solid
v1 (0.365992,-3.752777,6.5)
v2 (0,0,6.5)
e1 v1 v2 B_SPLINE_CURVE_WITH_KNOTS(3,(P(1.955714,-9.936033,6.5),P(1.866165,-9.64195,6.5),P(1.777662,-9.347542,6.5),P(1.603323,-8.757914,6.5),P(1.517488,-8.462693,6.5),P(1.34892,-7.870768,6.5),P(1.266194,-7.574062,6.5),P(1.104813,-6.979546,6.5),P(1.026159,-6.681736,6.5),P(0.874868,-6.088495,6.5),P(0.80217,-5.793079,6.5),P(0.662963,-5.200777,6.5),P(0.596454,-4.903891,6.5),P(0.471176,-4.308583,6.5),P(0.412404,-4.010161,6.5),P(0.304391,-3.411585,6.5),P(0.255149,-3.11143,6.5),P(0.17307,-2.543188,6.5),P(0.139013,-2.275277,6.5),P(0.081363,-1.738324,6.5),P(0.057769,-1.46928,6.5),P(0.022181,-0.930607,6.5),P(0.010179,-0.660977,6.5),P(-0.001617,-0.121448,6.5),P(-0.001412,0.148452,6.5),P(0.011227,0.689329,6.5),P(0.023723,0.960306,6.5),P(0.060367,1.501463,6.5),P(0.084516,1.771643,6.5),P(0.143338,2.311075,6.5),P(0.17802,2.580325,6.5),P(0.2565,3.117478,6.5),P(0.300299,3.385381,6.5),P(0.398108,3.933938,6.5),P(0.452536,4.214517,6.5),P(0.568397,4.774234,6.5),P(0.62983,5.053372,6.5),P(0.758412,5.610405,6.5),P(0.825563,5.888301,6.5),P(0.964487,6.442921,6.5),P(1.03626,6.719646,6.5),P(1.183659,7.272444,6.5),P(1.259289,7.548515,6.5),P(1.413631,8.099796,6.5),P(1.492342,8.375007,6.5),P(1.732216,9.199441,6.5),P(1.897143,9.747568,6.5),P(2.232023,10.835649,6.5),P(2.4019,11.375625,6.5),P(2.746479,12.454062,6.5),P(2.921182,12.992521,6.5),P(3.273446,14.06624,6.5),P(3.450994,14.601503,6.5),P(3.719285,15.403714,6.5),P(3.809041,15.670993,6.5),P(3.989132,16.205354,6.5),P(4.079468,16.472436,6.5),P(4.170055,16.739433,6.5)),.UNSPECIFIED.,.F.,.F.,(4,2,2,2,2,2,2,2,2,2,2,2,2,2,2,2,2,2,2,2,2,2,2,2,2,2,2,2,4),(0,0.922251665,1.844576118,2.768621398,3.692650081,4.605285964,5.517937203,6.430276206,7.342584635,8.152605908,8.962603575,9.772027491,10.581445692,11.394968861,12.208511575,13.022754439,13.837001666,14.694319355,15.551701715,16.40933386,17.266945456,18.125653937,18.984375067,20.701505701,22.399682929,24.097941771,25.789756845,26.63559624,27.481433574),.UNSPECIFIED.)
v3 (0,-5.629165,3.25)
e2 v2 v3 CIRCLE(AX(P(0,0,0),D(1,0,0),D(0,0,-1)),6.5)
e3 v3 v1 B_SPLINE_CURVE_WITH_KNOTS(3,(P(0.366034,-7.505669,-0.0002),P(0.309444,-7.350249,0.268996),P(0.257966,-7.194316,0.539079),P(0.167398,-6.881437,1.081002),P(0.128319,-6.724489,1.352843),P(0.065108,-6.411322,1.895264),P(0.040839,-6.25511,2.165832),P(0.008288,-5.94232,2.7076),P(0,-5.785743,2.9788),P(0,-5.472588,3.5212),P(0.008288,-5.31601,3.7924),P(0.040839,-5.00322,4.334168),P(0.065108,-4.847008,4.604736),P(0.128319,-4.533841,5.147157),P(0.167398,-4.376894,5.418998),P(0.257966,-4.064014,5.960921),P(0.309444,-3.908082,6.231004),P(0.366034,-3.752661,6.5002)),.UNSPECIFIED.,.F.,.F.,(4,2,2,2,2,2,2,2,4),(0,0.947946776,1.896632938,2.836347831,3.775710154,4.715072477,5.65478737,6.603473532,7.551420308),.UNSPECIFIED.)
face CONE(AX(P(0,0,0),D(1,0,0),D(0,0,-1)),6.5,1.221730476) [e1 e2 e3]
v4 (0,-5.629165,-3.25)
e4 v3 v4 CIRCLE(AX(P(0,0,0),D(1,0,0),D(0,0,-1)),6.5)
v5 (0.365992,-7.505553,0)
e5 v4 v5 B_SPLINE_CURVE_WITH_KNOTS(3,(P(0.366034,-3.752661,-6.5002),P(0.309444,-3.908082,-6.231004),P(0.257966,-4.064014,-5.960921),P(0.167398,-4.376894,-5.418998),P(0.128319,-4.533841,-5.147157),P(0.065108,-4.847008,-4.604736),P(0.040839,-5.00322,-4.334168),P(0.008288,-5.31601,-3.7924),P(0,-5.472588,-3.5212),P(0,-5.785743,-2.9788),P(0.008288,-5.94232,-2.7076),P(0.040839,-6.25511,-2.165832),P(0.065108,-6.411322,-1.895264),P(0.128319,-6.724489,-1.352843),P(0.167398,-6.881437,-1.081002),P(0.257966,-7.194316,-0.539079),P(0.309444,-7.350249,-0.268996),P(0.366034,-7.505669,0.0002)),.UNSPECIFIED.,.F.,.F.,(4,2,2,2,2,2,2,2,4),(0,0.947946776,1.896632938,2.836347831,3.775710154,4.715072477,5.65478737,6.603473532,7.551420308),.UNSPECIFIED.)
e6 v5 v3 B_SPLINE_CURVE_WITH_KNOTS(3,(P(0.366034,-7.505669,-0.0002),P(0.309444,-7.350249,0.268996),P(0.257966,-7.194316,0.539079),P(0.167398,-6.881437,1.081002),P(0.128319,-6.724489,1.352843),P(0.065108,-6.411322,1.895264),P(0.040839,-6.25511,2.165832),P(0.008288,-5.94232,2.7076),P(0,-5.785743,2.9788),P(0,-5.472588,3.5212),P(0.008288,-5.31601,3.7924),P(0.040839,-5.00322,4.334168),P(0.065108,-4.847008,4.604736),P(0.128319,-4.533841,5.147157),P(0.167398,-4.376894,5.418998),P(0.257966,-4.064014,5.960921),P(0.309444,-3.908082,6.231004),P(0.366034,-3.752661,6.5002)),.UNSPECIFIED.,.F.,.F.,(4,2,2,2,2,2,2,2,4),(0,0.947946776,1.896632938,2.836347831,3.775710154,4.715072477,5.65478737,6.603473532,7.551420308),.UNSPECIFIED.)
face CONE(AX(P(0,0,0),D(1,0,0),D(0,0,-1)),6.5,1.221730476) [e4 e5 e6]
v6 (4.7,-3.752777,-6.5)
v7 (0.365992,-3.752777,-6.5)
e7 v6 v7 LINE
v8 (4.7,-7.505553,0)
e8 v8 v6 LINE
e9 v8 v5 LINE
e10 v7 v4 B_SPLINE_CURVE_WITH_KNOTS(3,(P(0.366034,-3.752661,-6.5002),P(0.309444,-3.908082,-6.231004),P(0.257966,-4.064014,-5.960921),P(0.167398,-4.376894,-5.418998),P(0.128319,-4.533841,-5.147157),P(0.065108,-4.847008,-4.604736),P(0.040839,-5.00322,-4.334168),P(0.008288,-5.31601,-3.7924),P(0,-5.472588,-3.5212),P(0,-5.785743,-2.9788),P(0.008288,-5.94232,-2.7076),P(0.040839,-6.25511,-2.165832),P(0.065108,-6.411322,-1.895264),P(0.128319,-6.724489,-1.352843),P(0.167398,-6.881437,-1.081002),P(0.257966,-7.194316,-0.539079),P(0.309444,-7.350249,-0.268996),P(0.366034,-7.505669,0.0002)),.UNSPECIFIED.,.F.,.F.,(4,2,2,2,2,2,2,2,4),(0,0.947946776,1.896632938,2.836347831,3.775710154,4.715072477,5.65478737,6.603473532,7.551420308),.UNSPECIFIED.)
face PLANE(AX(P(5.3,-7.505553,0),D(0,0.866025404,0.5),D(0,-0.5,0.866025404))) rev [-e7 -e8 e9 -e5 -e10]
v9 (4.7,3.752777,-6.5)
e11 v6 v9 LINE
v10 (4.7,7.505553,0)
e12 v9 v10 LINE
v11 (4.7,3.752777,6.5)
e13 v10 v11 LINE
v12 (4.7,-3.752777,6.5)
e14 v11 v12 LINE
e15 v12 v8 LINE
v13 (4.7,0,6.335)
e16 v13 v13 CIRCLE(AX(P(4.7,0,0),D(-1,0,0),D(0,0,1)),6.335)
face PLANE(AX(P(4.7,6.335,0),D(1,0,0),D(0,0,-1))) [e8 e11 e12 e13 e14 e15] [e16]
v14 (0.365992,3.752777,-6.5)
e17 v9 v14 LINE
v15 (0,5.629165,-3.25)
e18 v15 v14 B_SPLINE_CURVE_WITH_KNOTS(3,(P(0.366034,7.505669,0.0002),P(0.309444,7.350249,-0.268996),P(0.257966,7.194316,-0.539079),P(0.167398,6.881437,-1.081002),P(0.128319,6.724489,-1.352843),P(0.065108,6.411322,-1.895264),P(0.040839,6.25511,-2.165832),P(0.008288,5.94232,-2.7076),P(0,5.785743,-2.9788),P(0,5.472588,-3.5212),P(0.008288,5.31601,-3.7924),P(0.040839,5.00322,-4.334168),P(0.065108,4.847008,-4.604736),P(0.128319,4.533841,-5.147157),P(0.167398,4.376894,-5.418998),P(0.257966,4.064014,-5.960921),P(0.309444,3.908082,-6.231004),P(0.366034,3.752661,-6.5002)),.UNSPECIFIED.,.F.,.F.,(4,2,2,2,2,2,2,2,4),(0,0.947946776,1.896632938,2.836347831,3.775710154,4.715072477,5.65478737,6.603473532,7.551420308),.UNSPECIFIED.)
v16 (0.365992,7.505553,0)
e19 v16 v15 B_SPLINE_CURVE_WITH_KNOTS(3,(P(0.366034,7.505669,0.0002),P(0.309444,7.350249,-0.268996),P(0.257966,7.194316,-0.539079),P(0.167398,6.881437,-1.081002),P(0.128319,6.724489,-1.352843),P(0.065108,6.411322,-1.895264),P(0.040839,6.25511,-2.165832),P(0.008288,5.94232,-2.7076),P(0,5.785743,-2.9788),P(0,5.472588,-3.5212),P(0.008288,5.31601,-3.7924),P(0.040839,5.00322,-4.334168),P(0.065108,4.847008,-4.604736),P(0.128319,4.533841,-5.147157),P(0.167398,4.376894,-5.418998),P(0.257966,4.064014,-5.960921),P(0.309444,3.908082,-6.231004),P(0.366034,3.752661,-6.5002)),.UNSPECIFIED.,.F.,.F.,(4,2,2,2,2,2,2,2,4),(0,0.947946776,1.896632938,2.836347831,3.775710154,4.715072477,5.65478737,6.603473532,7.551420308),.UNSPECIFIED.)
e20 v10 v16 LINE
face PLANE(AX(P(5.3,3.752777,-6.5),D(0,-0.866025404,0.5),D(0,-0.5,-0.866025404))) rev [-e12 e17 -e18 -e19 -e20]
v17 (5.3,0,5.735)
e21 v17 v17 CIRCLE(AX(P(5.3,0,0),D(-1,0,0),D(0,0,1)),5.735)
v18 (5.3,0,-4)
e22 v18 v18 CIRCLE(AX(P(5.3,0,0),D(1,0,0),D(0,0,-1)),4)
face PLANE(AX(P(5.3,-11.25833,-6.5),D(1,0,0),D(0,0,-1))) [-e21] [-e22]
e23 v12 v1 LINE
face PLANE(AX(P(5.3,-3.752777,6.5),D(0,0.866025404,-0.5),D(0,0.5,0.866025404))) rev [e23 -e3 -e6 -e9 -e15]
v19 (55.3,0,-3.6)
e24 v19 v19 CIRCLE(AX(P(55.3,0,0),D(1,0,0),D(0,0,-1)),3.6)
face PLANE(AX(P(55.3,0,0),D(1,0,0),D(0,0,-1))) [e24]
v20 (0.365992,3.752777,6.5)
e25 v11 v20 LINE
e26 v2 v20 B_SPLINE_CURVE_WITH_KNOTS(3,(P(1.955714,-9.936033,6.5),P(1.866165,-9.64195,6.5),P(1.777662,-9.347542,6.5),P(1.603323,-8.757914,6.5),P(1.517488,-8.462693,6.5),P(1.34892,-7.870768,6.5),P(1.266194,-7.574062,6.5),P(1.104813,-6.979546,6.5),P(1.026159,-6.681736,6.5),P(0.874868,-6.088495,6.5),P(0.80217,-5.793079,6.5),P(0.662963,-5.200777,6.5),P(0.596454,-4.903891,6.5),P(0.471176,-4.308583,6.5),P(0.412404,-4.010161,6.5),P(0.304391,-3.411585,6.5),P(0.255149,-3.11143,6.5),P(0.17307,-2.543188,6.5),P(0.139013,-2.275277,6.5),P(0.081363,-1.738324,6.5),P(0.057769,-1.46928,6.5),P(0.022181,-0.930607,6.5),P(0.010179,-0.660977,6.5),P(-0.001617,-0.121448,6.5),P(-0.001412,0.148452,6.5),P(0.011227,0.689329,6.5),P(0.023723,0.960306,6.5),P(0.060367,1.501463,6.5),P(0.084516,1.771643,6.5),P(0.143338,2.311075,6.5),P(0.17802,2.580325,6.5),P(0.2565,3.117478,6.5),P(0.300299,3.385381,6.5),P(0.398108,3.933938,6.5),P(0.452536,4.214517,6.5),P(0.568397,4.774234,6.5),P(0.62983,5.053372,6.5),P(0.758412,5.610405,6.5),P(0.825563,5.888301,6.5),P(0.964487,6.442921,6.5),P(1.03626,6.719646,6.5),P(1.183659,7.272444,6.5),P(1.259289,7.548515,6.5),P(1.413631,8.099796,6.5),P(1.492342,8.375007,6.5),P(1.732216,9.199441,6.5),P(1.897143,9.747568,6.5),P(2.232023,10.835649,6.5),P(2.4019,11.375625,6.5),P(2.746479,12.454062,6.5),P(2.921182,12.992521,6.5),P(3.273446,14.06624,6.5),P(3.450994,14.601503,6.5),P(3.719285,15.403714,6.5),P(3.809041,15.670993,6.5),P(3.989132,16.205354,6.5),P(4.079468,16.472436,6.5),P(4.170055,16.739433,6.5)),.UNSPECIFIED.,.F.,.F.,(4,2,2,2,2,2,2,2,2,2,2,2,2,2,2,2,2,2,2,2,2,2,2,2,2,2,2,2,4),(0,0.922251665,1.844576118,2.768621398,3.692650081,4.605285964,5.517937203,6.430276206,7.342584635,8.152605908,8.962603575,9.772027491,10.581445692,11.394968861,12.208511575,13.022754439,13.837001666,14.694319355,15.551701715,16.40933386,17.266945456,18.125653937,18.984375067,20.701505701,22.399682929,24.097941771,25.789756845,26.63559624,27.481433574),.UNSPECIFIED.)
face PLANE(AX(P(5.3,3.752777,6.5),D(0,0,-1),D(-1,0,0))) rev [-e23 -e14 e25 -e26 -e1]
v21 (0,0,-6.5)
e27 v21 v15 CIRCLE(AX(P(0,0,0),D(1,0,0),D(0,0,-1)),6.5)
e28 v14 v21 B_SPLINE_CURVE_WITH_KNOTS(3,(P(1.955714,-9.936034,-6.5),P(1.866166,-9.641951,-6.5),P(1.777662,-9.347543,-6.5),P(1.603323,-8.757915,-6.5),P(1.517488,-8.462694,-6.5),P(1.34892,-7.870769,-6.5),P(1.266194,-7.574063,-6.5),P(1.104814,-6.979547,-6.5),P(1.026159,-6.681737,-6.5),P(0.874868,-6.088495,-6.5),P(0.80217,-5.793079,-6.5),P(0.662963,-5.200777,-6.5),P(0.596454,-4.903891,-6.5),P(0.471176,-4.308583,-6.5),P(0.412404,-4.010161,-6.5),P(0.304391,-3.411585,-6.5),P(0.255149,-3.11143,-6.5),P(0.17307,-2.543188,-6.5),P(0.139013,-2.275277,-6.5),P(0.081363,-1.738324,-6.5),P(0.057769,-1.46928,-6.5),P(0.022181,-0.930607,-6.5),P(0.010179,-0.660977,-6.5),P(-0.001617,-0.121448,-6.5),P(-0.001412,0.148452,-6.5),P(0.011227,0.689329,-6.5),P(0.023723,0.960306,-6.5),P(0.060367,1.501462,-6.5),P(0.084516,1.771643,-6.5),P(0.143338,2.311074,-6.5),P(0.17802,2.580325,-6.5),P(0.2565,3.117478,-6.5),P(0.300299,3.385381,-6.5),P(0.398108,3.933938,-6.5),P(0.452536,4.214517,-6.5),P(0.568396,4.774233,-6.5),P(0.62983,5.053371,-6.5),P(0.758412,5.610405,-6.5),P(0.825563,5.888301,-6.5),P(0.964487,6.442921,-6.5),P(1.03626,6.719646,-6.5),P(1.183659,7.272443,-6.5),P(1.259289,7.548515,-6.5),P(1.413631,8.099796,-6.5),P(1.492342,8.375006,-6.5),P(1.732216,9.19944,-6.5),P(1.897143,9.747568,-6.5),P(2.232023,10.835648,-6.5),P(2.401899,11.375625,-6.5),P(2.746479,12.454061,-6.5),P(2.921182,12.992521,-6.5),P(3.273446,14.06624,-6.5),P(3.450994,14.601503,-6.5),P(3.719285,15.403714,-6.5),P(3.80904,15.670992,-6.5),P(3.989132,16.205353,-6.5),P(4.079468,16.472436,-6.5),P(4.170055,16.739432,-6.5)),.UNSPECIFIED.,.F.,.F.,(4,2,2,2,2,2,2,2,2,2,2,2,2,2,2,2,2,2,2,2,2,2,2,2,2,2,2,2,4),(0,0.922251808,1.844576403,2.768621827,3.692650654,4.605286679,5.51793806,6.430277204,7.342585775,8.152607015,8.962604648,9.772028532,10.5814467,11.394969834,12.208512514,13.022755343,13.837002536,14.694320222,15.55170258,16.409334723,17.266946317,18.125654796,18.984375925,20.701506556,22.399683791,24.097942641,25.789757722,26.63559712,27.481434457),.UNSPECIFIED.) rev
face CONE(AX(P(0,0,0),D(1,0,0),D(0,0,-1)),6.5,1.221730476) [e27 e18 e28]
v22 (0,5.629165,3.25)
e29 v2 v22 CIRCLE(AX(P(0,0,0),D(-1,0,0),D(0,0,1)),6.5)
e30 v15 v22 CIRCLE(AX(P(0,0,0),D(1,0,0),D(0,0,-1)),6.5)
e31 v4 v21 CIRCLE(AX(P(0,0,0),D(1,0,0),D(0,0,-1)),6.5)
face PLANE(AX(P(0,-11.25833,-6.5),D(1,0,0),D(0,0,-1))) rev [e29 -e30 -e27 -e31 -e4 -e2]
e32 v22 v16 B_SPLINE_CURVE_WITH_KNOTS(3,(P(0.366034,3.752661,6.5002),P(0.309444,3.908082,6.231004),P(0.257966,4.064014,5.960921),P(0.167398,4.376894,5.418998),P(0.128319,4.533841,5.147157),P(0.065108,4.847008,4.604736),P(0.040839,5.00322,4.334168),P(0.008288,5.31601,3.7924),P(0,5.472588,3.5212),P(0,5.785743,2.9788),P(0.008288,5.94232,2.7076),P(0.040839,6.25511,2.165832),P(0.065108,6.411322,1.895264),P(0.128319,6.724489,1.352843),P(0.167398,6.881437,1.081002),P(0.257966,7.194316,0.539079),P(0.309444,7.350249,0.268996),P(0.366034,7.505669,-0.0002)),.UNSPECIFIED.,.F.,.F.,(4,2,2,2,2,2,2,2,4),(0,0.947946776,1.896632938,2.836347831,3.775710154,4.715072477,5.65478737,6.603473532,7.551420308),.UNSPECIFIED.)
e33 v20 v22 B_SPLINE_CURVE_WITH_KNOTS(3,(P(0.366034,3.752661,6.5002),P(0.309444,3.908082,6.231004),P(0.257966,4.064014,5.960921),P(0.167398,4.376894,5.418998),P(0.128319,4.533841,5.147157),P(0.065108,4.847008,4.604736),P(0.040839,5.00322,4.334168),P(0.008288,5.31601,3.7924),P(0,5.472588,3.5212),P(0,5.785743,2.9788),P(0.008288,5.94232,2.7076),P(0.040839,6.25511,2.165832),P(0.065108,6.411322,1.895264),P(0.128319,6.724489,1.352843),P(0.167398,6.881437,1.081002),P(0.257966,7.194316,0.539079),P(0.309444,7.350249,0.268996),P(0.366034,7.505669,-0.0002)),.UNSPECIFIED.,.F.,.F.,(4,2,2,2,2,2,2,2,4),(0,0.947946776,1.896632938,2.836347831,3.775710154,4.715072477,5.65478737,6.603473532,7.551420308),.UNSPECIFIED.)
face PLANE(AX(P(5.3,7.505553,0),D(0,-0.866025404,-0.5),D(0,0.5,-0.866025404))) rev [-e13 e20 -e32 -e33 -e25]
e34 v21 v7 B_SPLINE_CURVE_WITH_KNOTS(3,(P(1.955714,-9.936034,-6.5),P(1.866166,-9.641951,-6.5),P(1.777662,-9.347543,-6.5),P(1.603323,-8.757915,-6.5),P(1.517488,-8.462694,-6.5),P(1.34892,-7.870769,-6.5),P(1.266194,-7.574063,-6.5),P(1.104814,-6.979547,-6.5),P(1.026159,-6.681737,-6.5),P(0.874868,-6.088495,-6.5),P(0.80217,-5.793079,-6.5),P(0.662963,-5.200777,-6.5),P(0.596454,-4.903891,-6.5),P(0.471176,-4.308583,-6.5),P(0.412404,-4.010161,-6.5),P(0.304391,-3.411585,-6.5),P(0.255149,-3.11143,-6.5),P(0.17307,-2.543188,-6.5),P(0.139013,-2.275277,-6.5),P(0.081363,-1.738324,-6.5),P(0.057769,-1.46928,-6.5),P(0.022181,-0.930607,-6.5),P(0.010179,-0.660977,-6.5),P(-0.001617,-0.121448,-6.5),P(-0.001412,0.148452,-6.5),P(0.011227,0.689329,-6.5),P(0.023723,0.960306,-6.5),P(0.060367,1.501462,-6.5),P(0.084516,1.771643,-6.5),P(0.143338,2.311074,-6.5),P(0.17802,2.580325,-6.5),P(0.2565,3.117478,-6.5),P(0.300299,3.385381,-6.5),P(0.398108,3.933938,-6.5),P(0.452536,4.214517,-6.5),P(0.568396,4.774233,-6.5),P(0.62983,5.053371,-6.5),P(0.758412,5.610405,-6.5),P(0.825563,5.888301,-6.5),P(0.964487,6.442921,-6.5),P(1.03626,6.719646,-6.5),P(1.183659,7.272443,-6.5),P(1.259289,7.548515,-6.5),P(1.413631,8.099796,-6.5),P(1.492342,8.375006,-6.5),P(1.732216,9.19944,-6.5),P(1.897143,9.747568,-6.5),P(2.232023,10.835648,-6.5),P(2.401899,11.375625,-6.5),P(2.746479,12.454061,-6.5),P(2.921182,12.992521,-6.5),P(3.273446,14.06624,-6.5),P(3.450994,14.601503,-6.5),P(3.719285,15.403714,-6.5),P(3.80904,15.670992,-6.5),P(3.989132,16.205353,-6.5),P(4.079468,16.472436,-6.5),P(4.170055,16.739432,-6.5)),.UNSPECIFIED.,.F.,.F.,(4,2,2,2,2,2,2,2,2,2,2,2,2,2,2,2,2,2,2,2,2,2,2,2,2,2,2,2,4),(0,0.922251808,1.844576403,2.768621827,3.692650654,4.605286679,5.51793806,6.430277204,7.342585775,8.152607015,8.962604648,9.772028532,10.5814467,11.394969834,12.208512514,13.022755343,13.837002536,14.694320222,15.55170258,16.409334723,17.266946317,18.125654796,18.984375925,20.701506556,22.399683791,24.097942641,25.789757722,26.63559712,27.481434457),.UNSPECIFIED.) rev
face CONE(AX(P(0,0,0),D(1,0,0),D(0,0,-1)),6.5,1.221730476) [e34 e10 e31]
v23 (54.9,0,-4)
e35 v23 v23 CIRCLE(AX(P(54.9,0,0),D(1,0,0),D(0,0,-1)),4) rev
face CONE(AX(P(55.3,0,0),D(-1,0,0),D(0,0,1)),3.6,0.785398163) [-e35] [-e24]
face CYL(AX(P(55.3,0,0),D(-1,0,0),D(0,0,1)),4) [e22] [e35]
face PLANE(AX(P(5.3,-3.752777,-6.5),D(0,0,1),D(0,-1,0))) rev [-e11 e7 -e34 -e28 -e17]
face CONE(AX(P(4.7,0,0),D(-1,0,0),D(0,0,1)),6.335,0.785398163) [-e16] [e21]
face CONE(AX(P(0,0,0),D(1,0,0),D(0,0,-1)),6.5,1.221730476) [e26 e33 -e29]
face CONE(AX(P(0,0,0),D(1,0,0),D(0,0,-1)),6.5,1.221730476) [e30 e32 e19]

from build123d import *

# Parameters (mm, degrees)
BASEHEAD_DEPTH = 5.3
SKETCH5_R      = 4
BASEBODY_DEPTH = 50
CHAMFER1_SIZE  = 0.4


with BuildPart() as part:
    # Sketch2 → BaseHead (new body)
    with BuildSketch(Plane(origin=(0, 0, 0), x_dir=(0, 0, -1), z_dir=(1, 0, 0))):
        Polygon((0, -7.505553499), (6.5, -3.75277675), (6.5, 3.75277675), (0, 7.505553499), (-6.5, 3.75277675), (-6.5, -3.75277675), align=None)
    extrude(amount=BASEHEAD_DEPTH)

    # Sketch3 → BearingFace (revolve, cut)
    with BuildSketch(Plane.XY, mode=Mode.PRIVATE) as bearingface_sk:
        Polygon((5.3, 7.505553499), (5.3, 5.735), (4.7, 6.335), (4.7, 7.505553499), align=None)
    revolve(bearingface_sk.sketch.rotate(Axis((-0.957090588, 0, 0), (1, 0, 0)), 90), axis=Axis((-0.957090588, 0, 0), (1, 0, 0)), mode=Mode.SUBTRACT)

    # Sketch4 → HeadChamfer (revolve, cut)
    with BuildSketch(Plane.XY):
        Polygon((0, 7.505553499), (0.365991543, 7.505553499), (0, 6.5), align=None)
    revolve(axis=Axis((-0.493528746, 0, 0), (1, 0, 0)), mode=Mode.SUBTRACT)

    # Sketch5 → BaseBody (add)
    with BuildSketch(Plane(origin=(5.3, 0, 0), x_dir=(0, 0, -1), z_dir=(1, 0, 0))):
        Circle(SKETCH5_R)
    extrude(amount=BASEBODY_DEPTH)

    # Chamfer1
    chamfer1_edges = [part.edges().sort_by_distance(p)[0] for p in [
        (55.3, 0, 4),
    ]]
    chamfer(chamfer1_edges, length=CHAMFER1_SIZE)


solid = part.part
